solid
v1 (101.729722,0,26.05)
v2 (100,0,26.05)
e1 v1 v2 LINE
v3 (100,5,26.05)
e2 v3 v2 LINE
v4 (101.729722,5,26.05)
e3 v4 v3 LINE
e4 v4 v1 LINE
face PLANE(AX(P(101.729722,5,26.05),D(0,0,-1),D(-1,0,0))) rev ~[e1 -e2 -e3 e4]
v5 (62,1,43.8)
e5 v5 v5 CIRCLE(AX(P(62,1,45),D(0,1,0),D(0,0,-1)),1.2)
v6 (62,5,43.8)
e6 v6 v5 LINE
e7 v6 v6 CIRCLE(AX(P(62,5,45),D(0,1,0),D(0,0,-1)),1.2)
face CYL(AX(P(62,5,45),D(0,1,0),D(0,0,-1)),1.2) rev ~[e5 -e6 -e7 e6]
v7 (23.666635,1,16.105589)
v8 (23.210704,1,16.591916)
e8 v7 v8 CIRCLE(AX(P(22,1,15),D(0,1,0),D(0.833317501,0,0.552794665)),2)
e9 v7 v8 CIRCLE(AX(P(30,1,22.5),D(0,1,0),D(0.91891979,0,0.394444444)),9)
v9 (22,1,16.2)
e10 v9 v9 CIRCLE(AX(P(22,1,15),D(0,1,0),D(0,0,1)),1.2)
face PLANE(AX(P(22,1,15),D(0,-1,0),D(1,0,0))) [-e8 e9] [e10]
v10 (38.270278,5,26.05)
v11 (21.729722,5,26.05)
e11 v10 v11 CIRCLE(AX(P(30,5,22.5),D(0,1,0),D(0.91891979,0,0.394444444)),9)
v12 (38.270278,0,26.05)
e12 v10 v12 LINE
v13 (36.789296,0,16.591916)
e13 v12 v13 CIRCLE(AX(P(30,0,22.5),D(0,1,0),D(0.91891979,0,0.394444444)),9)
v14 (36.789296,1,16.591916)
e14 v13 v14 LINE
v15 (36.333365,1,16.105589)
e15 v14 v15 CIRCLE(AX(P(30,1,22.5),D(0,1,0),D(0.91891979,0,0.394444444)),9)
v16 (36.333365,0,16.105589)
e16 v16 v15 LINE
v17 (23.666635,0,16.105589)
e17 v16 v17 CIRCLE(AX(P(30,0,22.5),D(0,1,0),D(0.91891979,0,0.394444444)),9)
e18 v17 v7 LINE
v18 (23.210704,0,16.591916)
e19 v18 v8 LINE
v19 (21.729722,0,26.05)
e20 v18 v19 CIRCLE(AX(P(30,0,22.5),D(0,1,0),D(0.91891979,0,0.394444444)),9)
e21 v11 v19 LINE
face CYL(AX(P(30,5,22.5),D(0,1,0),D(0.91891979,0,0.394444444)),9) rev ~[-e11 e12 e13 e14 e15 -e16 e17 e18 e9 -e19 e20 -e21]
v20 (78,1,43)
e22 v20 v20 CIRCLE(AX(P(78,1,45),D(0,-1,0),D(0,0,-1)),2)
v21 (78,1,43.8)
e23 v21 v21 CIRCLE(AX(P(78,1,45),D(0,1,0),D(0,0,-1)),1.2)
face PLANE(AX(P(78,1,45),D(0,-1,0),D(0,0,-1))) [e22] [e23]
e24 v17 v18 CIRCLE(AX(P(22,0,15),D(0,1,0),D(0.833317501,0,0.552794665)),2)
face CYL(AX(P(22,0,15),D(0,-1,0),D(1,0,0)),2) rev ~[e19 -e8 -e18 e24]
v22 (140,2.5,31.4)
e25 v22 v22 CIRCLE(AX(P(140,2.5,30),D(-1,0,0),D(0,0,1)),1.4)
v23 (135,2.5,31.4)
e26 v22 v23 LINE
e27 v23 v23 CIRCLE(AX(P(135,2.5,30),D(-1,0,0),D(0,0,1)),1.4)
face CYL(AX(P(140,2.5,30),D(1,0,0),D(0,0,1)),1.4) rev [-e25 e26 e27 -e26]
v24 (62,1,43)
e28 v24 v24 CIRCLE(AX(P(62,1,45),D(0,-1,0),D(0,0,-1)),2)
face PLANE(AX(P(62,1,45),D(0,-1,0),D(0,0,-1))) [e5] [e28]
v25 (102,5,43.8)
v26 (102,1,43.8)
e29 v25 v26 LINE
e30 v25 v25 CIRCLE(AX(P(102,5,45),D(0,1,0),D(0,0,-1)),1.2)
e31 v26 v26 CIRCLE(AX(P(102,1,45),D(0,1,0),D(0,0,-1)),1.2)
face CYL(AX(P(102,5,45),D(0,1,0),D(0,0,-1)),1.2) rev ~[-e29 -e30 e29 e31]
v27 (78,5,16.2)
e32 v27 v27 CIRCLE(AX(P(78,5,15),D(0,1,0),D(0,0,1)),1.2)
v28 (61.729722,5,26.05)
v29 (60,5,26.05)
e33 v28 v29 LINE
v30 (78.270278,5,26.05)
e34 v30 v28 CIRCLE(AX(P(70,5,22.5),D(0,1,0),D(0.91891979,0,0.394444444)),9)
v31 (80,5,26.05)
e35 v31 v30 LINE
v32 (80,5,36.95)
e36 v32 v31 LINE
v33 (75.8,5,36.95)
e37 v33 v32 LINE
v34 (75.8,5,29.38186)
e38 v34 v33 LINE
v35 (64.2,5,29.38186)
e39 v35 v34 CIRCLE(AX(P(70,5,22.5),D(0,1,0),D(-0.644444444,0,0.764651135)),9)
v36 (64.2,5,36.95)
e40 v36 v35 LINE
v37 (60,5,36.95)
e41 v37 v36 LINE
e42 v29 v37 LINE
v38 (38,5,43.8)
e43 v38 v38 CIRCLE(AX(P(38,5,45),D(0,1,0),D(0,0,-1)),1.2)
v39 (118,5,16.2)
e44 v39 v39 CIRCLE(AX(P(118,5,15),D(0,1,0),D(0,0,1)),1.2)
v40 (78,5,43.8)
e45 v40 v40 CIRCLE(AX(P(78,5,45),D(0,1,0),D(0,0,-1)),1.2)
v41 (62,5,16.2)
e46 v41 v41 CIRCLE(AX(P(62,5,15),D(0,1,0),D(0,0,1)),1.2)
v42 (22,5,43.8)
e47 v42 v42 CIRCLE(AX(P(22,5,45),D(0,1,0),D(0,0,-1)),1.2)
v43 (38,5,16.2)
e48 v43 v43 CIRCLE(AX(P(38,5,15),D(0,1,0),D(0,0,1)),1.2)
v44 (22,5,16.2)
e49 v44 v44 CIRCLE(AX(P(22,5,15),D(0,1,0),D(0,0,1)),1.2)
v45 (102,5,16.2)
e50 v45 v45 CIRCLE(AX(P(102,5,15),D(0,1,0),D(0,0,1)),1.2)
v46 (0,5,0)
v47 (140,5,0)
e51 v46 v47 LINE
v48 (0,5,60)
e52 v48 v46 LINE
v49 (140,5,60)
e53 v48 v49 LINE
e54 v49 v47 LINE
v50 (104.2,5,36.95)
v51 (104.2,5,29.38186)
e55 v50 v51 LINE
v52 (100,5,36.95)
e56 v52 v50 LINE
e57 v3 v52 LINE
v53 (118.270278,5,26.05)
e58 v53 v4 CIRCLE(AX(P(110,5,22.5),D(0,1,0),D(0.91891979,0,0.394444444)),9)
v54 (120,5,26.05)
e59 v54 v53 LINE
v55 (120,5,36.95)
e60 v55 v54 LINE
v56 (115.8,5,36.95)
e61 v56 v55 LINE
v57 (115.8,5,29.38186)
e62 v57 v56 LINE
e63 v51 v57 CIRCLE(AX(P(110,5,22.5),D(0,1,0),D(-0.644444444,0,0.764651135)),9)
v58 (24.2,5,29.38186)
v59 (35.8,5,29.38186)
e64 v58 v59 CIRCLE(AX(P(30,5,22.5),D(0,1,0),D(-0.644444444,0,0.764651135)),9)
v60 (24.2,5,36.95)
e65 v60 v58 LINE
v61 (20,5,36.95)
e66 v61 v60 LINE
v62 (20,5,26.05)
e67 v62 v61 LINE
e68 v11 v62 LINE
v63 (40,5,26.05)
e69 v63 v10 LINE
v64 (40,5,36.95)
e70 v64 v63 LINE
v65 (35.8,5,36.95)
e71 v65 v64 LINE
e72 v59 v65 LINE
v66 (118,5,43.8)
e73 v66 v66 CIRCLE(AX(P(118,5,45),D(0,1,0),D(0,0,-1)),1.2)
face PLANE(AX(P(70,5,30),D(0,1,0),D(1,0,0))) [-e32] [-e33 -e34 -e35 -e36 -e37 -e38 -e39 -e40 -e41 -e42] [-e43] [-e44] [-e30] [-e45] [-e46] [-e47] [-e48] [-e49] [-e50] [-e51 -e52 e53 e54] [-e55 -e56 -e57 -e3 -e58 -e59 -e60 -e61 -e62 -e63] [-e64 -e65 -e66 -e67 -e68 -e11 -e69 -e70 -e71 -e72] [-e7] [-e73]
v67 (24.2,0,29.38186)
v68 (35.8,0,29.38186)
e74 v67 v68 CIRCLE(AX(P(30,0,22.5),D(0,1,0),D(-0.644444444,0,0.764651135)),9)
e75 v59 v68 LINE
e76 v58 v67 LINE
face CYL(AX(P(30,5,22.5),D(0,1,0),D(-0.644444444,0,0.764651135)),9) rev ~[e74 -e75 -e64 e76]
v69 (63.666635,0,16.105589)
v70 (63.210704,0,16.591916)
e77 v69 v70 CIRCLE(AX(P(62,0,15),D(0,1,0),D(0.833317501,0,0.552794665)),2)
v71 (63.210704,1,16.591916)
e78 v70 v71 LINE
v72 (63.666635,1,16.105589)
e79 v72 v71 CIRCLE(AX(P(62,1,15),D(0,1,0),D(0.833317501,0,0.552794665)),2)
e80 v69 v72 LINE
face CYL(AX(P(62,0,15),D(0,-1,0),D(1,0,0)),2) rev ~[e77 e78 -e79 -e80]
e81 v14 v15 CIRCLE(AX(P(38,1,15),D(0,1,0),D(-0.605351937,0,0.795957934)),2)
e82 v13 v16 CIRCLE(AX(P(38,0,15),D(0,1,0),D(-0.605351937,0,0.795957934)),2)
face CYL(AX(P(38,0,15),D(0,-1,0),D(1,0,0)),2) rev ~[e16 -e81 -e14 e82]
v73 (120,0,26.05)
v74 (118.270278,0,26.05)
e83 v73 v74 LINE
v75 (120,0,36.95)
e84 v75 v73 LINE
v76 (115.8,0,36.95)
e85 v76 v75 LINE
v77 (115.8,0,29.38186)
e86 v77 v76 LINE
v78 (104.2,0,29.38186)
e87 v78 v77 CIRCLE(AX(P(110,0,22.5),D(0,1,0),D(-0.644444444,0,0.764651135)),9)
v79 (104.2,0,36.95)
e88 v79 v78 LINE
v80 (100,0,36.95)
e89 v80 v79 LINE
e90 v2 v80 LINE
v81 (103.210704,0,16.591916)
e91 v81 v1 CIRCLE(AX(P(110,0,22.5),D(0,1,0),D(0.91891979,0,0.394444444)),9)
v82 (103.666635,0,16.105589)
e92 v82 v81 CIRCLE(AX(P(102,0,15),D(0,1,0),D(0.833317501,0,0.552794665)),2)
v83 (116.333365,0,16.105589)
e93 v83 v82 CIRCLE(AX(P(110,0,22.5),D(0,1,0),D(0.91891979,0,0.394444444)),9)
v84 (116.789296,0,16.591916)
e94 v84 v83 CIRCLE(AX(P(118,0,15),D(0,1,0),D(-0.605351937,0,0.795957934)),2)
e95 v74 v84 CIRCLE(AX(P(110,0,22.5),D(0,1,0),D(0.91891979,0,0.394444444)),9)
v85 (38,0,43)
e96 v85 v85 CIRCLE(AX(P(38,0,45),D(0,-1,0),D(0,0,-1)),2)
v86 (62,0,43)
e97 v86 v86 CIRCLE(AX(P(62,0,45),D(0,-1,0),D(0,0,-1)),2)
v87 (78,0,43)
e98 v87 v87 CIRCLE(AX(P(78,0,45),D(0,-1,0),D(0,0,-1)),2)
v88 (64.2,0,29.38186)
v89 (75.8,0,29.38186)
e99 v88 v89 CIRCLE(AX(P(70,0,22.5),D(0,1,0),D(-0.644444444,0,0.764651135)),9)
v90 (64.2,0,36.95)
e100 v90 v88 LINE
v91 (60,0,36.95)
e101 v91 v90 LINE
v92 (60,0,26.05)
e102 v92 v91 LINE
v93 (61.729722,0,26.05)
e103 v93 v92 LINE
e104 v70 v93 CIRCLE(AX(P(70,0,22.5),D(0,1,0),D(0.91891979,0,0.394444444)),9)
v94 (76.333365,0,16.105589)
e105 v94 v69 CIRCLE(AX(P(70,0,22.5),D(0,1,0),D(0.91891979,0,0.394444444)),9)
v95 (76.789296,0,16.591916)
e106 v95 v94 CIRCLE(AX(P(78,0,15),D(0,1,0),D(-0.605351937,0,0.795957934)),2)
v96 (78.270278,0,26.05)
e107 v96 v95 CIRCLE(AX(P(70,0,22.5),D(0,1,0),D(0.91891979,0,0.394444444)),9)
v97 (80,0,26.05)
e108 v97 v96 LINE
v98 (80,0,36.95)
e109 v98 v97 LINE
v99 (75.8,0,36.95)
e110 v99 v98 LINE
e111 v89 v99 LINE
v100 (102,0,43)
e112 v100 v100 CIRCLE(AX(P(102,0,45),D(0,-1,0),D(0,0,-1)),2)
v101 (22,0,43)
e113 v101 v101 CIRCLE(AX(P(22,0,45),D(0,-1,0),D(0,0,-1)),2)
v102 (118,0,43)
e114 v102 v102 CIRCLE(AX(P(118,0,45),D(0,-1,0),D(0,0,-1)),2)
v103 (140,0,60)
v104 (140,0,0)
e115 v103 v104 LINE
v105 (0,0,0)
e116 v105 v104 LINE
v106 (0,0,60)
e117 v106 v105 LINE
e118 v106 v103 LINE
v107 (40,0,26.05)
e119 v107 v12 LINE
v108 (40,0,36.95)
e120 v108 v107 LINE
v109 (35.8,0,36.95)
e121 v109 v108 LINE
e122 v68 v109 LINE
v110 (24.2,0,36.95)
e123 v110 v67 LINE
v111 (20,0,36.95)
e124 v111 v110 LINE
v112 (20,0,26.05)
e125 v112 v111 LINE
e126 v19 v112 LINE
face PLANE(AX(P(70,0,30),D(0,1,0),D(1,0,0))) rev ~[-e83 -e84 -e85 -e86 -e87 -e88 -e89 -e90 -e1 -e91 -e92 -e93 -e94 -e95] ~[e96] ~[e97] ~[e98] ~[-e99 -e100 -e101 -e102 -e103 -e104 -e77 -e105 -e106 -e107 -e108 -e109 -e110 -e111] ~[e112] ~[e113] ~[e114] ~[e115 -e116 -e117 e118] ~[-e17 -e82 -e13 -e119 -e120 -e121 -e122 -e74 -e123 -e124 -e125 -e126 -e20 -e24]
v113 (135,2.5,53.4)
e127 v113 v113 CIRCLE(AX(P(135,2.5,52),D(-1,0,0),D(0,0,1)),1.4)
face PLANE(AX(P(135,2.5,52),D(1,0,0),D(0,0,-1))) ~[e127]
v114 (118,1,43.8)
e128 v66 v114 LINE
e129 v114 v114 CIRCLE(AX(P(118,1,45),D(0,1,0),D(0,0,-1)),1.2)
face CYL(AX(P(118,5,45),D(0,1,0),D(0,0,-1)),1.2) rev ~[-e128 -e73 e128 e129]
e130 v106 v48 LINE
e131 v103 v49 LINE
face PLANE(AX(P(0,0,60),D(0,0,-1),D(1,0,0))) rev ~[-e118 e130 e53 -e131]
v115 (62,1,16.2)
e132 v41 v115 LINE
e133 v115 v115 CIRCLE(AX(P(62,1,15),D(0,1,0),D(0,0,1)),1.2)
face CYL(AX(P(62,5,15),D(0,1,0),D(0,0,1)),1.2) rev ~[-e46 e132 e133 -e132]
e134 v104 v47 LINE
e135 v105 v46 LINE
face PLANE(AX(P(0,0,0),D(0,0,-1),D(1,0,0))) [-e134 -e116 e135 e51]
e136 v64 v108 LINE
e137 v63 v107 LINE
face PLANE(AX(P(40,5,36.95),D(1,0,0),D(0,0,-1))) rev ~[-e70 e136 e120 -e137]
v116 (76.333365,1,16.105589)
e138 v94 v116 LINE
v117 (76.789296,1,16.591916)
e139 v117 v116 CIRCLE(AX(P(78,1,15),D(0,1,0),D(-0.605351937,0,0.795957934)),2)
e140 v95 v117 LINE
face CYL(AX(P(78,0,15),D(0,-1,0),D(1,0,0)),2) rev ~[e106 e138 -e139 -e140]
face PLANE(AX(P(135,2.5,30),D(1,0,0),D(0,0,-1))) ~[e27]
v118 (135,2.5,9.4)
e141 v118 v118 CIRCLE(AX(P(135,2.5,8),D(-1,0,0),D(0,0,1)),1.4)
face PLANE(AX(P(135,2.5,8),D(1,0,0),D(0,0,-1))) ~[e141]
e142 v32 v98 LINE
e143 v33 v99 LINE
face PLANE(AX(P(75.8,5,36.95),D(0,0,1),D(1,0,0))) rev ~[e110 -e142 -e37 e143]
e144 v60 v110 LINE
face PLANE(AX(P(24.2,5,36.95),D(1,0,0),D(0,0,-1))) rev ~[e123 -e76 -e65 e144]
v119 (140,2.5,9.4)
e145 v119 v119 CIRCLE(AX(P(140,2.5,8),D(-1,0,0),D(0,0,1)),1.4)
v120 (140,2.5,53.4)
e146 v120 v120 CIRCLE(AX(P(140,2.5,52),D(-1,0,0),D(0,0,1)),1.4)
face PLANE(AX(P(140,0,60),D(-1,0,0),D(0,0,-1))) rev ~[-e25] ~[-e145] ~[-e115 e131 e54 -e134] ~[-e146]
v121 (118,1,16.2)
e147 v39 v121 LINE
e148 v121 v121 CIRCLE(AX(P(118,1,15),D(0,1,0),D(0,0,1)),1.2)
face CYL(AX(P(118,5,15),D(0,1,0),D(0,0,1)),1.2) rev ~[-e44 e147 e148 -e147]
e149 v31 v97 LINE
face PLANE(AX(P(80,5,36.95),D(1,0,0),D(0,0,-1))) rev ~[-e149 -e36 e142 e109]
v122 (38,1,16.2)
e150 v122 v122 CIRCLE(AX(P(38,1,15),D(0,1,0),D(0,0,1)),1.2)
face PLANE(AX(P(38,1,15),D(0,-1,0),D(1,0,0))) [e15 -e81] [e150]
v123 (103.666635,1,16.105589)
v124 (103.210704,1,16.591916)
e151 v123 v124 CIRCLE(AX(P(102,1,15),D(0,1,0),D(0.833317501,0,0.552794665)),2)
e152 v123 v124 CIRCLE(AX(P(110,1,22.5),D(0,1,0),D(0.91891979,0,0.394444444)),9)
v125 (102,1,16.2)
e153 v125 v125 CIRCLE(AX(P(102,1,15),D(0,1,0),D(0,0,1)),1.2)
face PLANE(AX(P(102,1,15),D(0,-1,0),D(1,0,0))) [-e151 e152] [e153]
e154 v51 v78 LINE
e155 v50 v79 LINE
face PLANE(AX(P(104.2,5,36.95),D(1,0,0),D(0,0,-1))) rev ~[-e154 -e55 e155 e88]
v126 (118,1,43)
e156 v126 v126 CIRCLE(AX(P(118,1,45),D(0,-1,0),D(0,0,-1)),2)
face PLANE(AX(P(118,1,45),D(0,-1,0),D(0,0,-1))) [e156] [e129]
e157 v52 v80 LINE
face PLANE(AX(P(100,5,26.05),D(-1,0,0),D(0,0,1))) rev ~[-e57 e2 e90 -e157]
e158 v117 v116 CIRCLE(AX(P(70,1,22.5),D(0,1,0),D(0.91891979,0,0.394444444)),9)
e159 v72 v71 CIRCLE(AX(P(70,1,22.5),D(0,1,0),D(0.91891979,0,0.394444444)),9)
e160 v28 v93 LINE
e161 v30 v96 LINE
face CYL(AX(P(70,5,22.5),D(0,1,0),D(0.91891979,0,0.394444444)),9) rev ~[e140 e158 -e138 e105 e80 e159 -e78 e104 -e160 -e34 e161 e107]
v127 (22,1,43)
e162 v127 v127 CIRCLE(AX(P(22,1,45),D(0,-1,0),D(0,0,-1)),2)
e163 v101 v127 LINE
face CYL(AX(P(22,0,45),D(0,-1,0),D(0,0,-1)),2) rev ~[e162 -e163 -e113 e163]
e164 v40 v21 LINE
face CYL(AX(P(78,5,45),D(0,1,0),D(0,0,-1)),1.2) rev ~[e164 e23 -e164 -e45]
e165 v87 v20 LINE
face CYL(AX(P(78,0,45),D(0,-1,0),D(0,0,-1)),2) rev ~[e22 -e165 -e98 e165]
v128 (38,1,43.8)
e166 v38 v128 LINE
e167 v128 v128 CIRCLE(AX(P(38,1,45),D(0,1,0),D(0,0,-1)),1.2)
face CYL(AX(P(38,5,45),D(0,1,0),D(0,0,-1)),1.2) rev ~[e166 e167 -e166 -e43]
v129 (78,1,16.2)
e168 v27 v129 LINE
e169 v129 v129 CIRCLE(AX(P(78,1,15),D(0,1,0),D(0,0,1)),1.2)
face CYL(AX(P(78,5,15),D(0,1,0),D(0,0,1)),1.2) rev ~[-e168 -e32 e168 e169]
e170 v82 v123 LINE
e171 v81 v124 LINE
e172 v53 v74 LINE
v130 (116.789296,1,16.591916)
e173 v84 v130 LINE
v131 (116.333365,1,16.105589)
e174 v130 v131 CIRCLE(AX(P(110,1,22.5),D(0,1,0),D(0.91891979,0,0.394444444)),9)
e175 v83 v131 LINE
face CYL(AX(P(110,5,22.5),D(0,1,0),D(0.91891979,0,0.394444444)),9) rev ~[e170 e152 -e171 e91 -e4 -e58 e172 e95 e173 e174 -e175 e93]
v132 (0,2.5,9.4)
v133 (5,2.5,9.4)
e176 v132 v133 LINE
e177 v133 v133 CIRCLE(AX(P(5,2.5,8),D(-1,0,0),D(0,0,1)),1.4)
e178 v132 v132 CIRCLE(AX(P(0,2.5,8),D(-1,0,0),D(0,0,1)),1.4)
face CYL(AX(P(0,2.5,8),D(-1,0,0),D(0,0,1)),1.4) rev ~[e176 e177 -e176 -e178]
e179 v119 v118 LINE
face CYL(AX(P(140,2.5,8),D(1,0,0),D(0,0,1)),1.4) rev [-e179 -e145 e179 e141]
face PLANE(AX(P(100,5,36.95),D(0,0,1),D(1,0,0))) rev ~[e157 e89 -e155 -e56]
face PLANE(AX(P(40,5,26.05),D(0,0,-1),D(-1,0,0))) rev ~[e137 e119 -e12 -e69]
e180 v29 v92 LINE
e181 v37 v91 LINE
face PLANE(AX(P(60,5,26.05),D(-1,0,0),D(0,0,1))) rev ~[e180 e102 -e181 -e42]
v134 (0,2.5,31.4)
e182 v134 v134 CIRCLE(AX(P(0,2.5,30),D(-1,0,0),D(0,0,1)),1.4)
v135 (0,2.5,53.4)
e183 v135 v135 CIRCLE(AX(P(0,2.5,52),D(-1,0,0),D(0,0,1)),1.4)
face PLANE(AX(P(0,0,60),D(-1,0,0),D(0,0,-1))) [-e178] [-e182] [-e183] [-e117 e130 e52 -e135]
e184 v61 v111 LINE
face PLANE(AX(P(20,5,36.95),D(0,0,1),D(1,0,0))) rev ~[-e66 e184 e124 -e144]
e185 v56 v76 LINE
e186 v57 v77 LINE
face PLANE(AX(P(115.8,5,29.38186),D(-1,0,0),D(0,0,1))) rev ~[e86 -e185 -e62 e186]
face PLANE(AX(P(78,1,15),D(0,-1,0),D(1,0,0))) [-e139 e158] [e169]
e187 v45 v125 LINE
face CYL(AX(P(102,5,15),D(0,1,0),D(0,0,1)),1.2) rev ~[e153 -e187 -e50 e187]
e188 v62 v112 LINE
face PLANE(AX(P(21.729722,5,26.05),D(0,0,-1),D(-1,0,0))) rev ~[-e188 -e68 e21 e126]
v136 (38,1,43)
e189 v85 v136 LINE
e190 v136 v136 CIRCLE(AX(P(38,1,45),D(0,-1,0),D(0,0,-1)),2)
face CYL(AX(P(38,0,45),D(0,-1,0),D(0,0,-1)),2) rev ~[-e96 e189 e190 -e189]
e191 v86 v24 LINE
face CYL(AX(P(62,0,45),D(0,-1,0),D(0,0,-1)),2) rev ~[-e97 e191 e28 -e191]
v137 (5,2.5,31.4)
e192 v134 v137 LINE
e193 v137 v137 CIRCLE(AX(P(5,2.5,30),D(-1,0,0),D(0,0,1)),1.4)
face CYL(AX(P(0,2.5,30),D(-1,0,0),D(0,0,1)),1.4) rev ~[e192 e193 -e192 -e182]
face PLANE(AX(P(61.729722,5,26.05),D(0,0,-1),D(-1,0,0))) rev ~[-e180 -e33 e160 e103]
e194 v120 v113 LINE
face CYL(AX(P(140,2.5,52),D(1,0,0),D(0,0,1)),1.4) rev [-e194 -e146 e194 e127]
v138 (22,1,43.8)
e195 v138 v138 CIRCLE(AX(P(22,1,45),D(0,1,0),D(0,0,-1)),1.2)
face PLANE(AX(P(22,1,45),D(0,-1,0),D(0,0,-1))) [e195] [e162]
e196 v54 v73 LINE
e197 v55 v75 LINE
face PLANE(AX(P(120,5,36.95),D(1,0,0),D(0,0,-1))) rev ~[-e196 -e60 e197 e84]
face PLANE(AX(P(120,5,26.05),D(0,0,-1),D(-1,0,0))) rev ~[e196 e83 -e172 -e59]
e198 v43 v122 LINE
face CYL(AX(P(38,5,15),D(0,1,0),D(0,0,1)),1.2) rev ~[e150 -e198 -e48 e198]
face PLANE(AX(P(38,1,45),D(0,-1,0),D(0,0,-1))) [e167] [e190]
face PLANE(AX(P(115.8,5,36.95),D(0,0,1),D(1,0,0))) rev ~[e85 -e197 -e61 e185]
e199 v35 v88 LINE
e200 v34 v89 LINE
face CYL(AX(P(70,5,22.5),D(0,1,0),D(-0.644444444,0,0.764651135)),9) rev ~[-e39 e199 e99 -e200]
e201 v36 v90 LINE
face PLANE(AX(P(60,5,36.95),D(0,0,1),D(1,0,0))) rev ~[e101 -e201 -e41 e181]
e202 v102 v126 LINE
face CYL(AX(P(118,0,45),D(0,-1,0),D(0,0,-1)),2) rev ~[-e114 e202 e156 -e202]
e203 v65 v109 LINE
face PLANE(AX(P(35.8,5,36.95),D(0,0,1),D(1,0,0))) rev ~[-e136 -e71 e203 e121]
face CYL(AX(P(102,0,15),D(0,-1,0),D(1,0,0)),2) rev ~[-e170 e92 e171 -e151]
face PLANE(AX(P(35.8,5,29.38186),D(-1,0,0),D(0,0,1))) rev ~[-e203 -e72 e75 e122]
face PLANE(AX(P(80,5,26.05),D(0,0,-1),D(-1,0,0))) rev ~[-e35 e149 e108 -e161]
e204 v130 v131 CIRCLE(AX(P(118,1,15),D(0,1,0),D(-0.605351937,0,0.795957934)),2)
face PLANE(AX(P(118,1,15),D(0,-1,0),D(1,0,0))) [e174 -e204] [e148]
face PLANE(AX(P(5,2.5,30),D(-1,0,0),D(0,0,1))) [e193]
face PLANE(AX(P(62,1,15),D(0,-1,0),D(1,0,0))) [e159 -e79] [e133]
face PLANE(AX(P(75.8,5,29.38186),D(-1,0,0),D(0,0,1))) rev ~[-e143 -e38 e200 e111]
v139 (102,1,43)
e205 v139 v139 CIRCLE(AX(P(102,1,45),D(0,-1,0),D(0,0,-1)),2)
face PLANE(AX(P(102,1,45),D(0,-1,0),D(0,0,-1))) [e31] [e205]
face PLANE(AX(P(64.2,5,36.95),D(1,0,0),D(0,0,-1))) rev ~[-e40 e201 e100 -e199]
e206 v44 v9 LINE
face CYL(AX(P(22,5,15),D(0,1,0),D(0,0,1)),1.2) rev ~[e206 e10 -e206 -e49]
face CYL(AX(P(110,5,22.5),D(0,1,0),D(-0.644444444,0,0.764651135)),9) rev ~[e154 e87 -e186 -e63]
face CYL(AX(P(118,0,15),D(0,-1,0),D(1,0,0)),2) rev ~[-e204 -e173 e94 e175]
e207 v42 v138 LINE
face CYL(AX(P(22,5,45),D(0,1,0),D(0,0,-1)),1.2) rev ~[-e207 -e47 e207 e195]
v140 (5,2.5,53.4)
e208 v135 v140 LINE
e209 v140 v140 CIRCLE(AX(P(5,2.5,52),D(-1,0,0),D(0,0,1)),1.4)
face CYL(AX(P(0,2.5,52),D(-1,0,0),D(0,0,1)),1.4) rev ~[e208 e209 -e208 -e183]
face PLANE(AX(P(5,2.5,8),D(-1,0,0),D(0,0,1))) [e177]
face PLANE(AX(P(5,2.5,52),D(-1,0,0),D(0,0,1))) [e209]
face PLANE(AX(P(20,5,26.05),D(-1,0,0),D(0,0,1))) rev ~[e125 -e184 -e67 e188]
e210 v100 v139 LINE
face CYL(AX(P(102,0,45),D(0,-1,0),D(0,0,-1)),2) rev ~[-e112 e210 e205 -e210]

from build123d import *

# Parameters (mm, degrees)
SKETCH_1_W             = 140
SKETCH_1_H             = 60
EXTRUDE_1_DEPTH        = 5
SKETCH_2_R             = 1.2
CUT_EXTRUDE_1096_DEPTH = 153.397506541
SKETCH_4_R             = 1.4
CUT_EXTRUDE_3_DEPTH    = 5
PATTERN_LINEAR_1_COUNT = 3
PATTERN_LINEAR_1_PITCH = 40
SKETCH_6_R             = 2
CUT_EXTRUDE_4_DEPTH    = 1


with BuildPart() as part:
    # 草图1 → 凸台-拉伸1 (new body)
    with BuildSketch(Plane(origin=(0, 0, 0), x_dir=(1, 0, 0), z_dir=(0, 1, 0))):
        with Locations((70, -30)):
            Rectangle(SKETCH_1_W, SKETCH_1_H)
    extrude(amount=EXTRUDE_1_DEPTH)

    # 草图2 → Cut-Extrude 1096 (cut, through all)
    with BuildSketch(Plane(origin=(0, 5, 0), x_dir=(1, 0, 0), z_dir=(0, 1, 0))):
        with Locations((102, -15)):
            Circle(SKETCH_2_R)
        with Locations((118, -15)):
            Circle(SKETCH_2_R)
        with Locations((102, -45)):
            Circle(SKETCH_2_R)
        with Locations((118, -45)):
            Circle(SKETCH_2_R)
        with BuildLine():
            Line((100, -26.05), (100, -36.95))
            Line((100, -36.95), (104.2, -36.95))
            Line((104.2, -36.95), (104.2, -29.381860214))
            ThreePointArc((104.2, -29.381860214), (110, -31.5), (115.8, -29.381860214))
            Line((115.8, -29.381860214), (115.8, -36.95))
            Line((115.8, -36.95), (120, -36.95))
            Line((120, -36.95), (120, -26.05))
            Line((120, -26.05), (118.270278109, -26.05))
            ThreePointArc((118.270278109, -26.05), (110, -13.5), (101.729721891, -26.05))
            Line((101.729721891, -26.05), (100, -26.05))
        make_face()
    cut_extrude_1096 = extrude(amount=-CUT_EXTRUDE_1096_DEPTH, mode=Mode.SUBTRACT)

    # 草图4 → 切除-拉伸3 (cut)
    with BuildSketch(Plane.ZY):
        with Locations((30, 2.5)):
            Circle(SKETCH_4_R)
        with Locations((8, 2.5)):
            Circle(SKETCH_4_R)
        with Locations((52, 2.5)):
            Circle(SKETCH_4_R)
    cut_extrude_3 = extrude(amount=-CUT_EXTRUDE_3_DEPTH, mode=Mode.SUBTRACT)

    # 镜向1: 切除-拉伸3 across plane
    add(cut_extrude_3.mirror(Plane(origin=(70, 0, 0), x_dir=(0, 0, 1), z_dir=(1, 0, 0))), mode=Mode.SUBTRACT)

    # 阵列(线性)1: Cut-Extrude 1096 ×3
    with Locations(*[(-i * PATTERN_LINEAR_1_PITCH, 0, 0) for i in range(1, PATTERN_LINEAR_1_COUNT)]):
        add(cut_extrude_1096, mode=Mode.SUBTRACT)

    # 草图6 → 切除-拉伸4 (cut)
    with BuildSketch(Plane.XZ):
        with Locations((22, 45)):
            Circle(SKETCH_6_R)
        with Locations((38, 45)):
            Circle(SKETCH_6_R)
        with Locations((62, 45)):
            Circle(SKETCH_6_R)
        with Locations((78, 45)):
            Circle(SKETCH_6_R)
        with Locations((102, 45)):
            Circle(SKETCH_6_R)
        with Locations((118, 45)):
            Circle(SKETCH_6_R)
        with Locations((22, 15)):
            Circle(SKETCH_6_R)
        with Locations((38, 15)):
            Circle(SKETCH_6_R)
        with Locations((62, 15)):
            Circle(SKETCH_6_R)
        with Locations((78, 15)):
            Circle(SKETCH_6_R)
        with Locations((102, 15)):
            Circle(SKETCH_6_R)
        with Locations((118, 15)):
            Circle(SKETCH_6_R)
    extrude(amount=-CUT_EXTRUDE_4_DEPTH, mode=Mode.SUBTRACT)


solid = part.part
